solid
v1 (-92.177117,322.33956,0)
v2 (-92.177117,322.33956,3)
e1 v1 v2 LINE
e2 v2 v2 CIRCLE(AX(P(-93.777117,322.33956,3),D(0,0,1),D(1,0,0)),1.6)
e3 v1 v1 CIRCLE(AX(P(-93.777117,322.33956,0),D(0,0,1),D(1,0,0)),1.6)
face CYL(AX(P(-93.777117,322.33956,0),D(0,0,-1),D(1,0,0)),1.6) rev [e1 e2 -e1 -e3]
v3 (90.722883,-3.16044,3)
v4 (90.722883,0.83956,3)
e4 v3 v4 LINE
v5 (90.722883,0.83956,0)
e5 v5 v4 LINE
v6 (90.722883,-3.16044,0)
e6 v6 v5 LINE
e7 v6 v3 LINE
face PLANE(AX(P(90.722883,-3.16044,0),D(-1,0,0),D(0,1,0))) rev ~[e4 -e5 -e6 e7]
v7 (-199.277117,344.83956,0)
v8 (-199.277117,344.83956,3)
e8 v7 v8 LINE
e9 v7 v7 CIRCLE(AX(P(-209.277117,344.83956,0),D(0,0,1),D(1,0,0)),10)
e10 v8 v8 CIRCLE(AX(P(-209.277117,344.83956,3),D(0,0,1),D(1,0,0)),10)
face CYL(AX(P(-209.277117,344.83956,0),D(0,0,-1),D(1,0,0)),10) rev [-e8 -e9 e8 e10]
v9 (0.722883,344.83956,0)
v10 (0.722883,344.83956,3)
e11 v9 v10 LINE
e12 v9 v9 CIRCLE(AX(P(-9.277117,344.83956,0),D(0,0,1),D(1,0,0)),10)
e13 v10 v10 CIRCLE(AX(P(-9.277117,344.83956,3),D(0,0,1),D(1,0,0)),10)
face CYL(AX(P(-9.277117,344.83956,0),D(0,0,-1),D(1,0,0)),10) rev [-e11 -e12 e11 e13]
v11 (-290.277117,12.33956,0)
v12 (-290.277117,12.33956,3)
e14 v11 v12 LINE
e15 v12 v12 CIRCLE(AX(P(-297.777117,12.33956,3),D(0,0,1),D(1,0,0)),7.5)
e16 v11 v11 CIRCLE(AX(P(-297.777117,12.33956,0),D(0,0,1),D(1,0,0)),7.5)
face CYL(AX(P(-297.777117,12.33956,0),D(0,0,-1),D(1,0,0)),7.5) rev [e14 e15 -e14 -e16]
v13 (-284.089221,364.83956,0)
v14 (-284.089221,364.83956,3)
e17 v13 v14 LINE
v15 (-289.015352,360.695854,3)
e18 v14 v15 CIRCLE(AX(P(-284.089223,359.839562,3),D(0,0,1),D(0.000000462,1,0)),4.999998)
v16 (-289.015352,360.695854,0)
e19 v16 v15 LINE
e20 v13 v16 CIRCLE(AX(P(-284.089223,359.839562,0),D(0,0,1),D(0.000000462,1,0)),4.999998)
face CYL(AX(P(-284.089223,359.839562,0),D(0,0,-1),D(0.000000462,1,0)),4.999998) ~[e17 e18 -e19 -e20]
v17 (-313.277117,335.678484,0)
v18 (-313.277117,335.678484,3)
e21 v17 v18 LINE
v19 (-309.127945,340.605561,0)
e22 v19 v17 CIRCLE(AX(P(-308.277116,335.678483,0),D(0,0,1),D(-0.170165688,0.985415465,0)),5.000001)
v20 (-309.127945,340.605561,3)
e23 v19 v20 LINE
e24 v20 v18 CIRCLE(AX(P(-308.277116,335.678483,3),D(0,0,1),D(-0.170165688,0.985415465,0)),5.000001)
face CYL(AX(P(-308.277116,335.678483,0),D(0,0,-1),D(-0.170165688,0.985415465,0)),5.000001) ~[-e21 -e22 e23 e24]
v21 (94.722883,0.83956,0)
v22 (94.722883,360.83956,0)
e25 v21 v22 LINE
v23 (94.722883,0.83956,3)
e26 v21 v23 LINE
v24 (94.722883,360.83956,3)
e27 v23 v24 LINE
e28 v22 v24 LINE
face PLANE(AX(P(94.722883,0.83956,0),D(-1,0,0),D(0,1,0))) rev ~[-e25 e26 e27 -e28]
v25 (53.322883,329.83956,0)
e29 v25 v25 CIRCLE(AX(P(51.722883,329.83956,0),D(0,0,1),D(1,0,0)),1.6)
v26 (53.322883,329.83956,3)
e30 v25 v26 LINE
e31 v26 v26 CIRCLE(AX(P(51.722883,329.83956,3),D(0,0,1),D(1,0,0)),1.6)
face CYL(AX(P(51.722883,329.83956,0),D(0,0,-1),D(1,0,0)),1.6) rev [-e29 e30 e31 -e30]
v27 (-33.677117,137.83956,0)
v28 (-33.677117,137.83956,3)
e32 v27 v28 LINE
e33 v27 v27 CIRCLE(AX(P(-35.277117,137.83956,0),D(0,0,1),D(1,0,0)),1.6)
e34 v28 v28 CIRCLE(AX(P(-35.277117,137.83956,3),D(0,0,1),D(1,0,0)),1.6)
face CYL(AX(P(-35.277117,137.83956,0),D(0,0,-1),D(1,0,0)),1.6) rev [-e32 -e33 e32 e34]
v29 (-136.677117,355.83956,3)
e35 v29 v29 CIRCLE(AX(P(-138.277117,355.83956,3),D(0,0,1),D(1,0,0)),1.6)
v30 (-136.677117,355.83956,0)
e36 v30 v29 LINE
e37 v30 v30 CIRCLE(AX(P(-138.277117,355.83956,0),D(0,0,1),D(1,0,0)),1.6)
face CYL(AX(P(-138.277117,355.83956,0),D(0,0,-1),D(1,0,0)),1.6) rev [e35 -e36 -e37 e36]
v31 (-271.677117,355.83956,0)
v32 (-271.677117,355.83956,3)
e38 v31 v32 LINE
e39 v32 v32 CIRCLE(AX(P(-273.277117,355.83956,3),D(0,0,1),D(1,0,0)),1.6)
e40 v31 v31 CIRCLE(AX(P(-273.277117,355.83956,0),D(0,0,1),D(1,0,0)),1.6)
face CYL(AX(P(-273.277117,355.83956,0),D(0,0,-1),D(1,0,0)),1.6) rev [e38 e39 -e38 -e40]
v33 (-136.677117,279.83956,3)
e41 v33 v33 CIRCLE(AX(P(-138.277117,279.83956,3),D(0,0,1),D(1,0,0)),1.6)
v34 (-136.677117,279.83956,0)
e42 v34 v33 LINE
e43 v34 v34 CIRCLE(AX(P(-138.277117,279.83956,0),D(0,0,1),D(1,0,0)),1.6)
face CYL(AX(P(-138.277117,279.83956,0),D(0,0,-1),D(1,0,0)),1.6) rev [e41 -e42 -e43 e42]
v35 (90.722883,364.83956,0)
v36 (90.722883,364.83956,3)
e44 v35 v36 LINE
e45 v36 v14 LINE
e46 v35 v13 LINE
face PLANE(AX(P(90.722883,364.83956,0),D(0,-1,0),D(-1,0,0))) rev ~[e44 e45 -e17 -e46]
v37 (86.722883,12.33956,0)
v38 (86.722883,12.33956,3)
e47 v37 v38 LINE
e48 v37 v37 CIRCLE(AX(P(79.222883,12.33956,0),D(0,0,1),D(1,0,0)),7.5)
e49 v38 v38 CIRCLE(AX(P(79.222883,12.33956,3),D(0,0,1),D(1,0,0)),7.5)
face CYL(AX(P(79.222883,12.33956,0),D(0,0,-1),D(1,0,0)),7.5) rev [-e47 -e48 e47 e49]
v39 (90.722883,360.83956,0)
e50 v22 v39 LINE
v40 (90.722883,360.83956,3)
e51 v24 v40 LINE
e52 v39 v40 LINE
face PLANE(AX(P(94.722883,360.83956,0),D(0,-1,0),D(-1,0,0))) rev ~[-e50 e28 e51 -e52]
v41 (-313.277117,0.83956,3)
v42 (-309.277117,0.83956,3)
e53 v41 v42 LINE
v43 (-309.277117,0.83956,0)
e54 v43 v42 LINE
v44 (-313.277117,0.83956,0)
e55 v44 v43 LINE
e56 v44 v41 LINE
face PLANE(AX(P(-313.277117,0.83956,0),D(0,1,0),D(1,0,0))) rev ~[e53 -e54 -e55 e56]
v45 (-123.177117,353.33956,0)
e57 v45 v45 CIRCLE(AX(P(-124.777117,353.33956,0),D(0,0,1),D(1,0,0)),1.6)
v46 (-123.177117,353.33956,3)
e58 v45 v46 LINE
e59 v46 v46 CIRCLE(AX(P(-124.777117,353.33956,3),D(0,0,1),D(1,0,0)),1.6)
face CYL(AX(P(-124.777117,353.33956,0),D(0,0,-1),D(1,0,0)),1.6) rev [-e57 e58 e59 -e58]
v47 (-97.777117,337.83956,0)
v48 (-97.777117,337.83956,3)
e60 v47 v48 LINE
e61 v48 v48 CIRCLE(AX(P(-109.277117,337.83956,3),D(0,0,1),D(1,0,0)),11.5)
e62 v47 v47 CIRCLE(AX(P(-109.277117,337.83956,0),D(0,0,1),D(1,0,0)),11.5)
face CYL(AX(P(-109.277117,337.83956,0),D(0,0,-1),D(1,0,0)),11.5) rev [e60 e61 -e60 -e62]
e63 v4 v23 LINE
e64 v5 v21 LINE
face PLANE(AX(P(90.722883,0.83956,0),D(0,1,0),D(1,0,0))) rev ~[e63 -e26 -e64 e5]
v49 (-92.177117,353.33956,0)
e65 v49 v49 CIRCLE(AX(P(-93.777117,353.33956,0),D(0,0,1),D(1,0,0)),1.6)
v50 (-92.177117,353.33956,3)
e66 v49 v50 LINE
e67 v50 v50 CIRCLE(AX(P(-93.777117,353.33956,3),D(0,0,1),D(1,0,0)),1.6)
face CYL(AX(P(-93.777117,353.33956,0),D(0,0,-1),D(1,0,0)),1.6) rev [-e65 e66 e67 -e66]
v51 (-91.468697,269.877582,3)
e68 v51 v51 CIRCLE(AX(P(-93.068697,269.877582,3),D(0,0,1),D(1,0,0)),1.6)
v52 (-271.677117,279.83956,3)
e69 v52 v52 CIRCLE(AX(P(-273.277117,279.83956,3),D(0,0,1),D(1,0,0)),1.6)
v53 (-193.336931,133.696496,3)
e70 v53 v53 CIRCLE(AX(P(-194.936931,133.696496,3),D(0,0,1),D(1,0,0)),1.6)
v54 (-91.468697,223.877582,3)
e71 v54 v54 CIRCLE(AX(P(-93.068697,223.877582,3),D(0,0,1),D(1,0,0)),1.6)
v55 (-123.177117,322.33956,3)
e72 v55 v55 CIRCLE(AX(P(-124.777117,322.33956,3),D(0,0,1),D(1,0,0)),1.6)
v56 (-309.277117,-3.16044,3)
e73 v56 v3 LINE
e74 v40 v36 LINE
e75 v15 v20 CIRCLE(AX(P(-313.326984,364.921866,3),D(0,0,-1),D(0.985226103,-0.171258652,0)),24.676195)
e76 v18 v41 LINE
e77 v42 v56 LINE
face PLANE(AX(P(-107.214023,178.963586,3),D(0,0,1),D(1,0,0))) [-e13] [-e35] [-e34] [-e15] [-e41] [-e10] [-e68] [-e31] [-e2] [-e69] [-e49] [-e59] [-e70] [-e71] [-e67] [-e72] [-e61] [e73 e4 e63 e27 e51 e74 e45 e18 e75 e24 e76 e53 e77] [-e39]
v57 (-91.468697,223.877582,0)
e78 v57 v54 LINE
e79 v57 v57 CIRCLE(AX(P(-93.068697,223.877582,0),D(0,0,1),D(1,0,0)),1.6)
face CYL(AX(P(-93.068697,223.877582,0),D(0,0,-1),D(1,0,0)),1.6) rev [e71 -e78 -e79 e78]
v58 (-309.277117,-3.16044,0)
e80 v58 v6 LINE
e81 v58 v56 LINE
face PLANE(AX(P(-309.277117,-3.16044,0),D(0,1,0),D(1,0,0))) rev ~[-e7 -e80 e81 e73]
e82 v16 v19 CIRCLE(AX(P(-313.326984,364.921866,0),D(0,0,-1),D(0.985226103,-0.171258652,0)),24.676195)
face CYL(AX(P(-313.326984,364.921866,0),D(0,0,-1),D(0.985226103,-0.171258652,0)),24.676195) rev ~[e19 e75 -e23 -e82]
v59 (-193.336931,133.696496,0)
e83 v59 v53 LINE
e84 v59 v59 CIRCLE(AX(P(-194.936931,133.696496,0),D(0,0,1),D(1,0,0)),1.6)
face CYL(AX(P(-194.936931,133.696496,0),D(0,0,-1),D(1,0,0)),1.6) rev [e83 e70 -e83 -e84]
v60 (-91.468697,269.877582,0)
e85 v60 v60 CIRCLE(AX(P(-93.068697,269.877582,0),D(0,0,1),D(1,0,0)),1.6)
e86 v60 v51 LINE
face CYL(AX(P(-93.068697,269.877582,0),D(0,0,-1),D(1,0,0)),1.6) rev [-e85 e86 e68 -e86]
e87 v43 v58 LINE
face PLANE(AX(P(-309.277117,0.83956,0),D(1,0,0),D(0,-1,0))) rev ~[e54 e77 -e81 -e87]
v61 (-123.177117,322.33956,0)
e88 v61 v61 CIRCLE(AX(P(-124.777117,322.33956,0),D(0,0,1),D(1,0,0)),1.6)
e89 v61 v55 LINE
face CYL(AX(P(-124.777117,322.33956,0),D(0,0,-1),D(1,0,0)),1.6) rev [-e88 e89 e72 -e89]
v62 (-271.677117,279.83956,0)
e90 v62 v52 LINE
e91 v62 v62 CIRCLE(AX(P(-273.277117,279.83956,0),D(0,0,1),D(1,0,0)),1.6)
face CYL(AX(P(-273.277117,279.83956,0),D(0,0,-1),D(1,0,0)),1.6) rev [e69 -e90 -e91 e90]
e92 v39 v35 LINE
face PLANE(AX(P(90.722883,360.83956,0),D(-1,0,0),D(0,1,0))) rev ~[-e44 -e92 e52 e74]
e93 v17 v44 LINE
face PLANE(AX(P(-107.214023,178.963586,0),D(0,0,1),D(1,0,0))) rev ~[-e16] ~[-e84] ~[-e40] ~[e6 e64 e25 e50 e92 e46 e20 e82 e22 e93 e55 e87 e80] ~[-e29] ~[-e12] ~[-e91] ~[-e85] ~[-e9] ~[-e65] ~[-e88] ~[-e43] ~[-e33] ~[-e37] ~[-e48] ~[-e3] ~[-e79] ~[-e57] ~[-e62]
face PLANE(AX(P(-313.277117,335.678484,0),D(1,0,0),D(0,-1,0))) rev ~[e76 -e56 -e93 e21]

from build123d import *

# Parameters (mm, degrees)
F0_R     = 7.5
F0_R_2   = 1.6
F0_R_3   = 10
F0_R_4   = 11.5
F1_DEPTH = 3


with BuildPart() as f1:
    # F0 (on Top) → F1 (new body)
    with BuildSketch(Plane.XY):
        with BuildLine():
            Line((90.722883, 364.83956), (-284.089221, 364.83956))
            ThreePointArc((-284.089221, 364.83956), (-287.307803, 363.665882), (-289.015352, 360.695854))
            ThreePointArc((-289.015352, 360.695854), (-295.88796, 347.463485), (-309.127945, 340.605561))
            ThreePointArc((-309.127945, 340.605561), (-312.101652, 338.899187), (-313.277117, 335.678484))
            Line((-313.277117, 335.678484), (-313.277117, 0.83956))
            Line((-313.277117, 0.83956), (-309.277117, 0.83956))
            Line((-309.277117, 0.83956), (-309.277117, -3.16044))
            Line((-309.277117, -3.16044), (90.722883, -3.16044))
            Line((90.722883, -3.16044), (90.722883, 0.83956))
            Line((90.722883, 0.83956), (94.722883, 0.83956))
            Line((94.722883, 0.83956), (94.722883, 360.83956))
            Line((94.722883, 360.83956), (90.722883, 360.83956))
            Line((90.722883, 360.83956), (90.722883, 364.83956))
        make_face()
        with Locations((-297.777117, 12.33956)):
            Circle(F0_R, mode=Mode.SUBTRACT)
        with Locations((-194.936931, 133.696496)):
            Circle(F0_R_2, mode=Mode.SUBTRACT)
        with Locations((79.222883, 12.33956)):
            Circle(F0_R, mode=Mode.SUBTRACT)
        with Locations((-35.277117, 137.83956)):
            Circle(F0_R_2, mode=Mode.SUBTRACT)
        with Locations((-273.277117, 279.83956)):
            Circle(F0_R_2, mode=Mode.SUBTRACT)
        with Locations((-273.277117, 355.83956)):
            Circle(F0_R_2, mode=Mode.SUBTRACT)
        with Locations((-138.277117, 279.83956)):
            Circle(F0_R_2, mode=Mode.SUBTRACT)
        with Locations((-209.277117, 344.83956)):
            Circle(F0_R_3, mode=Mode.SUBTRACT)
        with Locations((-124.777117, 322.33956)):
            Circle(F0_R_2, mode=Mode.SUBTRACT)
        with Locations((-138.277117, 355.83956)):
            Circle(F0_R_2, mode=Mode.SUBTRACT)
        with Locations((-124.777117, 353.33956)):
            Circle(F0_R_2, mode=Mode.SUBTRACT)
        with Locations((-93.068697, 223.877582)):
            Circle(F0_R_2, mode=Mode.SUBTRACT)
        with Locations((-93.068697, 269.877582)):
            Circle(F0_R_2, mode=Mode.SUBTRACT)
        with Locations((-93.777117, 322.33956)):
            Circle(F0_R_2, mode=Mode.SUBTRACT)
        with Locations((-109.277117, 337.83956)):
            Circle(F0_R_4, mode=Mode.SUBTRACT)
        with Locations((-93.777117, 353.33956)):
            Circle(F0_R_2, mode=Mode.SUBTRACT)
        with Locations((-9.277117, 344.83956)):
            Circle(F0_R_3, mode=Mode.SUBTRACT)
        with Locations((51.722883, 329.83956)):
            Circle(F0_R_2, mode=Mode.SUBTRACT)
    extrude(amount=F1_DEPTH)


solid = f1.part
